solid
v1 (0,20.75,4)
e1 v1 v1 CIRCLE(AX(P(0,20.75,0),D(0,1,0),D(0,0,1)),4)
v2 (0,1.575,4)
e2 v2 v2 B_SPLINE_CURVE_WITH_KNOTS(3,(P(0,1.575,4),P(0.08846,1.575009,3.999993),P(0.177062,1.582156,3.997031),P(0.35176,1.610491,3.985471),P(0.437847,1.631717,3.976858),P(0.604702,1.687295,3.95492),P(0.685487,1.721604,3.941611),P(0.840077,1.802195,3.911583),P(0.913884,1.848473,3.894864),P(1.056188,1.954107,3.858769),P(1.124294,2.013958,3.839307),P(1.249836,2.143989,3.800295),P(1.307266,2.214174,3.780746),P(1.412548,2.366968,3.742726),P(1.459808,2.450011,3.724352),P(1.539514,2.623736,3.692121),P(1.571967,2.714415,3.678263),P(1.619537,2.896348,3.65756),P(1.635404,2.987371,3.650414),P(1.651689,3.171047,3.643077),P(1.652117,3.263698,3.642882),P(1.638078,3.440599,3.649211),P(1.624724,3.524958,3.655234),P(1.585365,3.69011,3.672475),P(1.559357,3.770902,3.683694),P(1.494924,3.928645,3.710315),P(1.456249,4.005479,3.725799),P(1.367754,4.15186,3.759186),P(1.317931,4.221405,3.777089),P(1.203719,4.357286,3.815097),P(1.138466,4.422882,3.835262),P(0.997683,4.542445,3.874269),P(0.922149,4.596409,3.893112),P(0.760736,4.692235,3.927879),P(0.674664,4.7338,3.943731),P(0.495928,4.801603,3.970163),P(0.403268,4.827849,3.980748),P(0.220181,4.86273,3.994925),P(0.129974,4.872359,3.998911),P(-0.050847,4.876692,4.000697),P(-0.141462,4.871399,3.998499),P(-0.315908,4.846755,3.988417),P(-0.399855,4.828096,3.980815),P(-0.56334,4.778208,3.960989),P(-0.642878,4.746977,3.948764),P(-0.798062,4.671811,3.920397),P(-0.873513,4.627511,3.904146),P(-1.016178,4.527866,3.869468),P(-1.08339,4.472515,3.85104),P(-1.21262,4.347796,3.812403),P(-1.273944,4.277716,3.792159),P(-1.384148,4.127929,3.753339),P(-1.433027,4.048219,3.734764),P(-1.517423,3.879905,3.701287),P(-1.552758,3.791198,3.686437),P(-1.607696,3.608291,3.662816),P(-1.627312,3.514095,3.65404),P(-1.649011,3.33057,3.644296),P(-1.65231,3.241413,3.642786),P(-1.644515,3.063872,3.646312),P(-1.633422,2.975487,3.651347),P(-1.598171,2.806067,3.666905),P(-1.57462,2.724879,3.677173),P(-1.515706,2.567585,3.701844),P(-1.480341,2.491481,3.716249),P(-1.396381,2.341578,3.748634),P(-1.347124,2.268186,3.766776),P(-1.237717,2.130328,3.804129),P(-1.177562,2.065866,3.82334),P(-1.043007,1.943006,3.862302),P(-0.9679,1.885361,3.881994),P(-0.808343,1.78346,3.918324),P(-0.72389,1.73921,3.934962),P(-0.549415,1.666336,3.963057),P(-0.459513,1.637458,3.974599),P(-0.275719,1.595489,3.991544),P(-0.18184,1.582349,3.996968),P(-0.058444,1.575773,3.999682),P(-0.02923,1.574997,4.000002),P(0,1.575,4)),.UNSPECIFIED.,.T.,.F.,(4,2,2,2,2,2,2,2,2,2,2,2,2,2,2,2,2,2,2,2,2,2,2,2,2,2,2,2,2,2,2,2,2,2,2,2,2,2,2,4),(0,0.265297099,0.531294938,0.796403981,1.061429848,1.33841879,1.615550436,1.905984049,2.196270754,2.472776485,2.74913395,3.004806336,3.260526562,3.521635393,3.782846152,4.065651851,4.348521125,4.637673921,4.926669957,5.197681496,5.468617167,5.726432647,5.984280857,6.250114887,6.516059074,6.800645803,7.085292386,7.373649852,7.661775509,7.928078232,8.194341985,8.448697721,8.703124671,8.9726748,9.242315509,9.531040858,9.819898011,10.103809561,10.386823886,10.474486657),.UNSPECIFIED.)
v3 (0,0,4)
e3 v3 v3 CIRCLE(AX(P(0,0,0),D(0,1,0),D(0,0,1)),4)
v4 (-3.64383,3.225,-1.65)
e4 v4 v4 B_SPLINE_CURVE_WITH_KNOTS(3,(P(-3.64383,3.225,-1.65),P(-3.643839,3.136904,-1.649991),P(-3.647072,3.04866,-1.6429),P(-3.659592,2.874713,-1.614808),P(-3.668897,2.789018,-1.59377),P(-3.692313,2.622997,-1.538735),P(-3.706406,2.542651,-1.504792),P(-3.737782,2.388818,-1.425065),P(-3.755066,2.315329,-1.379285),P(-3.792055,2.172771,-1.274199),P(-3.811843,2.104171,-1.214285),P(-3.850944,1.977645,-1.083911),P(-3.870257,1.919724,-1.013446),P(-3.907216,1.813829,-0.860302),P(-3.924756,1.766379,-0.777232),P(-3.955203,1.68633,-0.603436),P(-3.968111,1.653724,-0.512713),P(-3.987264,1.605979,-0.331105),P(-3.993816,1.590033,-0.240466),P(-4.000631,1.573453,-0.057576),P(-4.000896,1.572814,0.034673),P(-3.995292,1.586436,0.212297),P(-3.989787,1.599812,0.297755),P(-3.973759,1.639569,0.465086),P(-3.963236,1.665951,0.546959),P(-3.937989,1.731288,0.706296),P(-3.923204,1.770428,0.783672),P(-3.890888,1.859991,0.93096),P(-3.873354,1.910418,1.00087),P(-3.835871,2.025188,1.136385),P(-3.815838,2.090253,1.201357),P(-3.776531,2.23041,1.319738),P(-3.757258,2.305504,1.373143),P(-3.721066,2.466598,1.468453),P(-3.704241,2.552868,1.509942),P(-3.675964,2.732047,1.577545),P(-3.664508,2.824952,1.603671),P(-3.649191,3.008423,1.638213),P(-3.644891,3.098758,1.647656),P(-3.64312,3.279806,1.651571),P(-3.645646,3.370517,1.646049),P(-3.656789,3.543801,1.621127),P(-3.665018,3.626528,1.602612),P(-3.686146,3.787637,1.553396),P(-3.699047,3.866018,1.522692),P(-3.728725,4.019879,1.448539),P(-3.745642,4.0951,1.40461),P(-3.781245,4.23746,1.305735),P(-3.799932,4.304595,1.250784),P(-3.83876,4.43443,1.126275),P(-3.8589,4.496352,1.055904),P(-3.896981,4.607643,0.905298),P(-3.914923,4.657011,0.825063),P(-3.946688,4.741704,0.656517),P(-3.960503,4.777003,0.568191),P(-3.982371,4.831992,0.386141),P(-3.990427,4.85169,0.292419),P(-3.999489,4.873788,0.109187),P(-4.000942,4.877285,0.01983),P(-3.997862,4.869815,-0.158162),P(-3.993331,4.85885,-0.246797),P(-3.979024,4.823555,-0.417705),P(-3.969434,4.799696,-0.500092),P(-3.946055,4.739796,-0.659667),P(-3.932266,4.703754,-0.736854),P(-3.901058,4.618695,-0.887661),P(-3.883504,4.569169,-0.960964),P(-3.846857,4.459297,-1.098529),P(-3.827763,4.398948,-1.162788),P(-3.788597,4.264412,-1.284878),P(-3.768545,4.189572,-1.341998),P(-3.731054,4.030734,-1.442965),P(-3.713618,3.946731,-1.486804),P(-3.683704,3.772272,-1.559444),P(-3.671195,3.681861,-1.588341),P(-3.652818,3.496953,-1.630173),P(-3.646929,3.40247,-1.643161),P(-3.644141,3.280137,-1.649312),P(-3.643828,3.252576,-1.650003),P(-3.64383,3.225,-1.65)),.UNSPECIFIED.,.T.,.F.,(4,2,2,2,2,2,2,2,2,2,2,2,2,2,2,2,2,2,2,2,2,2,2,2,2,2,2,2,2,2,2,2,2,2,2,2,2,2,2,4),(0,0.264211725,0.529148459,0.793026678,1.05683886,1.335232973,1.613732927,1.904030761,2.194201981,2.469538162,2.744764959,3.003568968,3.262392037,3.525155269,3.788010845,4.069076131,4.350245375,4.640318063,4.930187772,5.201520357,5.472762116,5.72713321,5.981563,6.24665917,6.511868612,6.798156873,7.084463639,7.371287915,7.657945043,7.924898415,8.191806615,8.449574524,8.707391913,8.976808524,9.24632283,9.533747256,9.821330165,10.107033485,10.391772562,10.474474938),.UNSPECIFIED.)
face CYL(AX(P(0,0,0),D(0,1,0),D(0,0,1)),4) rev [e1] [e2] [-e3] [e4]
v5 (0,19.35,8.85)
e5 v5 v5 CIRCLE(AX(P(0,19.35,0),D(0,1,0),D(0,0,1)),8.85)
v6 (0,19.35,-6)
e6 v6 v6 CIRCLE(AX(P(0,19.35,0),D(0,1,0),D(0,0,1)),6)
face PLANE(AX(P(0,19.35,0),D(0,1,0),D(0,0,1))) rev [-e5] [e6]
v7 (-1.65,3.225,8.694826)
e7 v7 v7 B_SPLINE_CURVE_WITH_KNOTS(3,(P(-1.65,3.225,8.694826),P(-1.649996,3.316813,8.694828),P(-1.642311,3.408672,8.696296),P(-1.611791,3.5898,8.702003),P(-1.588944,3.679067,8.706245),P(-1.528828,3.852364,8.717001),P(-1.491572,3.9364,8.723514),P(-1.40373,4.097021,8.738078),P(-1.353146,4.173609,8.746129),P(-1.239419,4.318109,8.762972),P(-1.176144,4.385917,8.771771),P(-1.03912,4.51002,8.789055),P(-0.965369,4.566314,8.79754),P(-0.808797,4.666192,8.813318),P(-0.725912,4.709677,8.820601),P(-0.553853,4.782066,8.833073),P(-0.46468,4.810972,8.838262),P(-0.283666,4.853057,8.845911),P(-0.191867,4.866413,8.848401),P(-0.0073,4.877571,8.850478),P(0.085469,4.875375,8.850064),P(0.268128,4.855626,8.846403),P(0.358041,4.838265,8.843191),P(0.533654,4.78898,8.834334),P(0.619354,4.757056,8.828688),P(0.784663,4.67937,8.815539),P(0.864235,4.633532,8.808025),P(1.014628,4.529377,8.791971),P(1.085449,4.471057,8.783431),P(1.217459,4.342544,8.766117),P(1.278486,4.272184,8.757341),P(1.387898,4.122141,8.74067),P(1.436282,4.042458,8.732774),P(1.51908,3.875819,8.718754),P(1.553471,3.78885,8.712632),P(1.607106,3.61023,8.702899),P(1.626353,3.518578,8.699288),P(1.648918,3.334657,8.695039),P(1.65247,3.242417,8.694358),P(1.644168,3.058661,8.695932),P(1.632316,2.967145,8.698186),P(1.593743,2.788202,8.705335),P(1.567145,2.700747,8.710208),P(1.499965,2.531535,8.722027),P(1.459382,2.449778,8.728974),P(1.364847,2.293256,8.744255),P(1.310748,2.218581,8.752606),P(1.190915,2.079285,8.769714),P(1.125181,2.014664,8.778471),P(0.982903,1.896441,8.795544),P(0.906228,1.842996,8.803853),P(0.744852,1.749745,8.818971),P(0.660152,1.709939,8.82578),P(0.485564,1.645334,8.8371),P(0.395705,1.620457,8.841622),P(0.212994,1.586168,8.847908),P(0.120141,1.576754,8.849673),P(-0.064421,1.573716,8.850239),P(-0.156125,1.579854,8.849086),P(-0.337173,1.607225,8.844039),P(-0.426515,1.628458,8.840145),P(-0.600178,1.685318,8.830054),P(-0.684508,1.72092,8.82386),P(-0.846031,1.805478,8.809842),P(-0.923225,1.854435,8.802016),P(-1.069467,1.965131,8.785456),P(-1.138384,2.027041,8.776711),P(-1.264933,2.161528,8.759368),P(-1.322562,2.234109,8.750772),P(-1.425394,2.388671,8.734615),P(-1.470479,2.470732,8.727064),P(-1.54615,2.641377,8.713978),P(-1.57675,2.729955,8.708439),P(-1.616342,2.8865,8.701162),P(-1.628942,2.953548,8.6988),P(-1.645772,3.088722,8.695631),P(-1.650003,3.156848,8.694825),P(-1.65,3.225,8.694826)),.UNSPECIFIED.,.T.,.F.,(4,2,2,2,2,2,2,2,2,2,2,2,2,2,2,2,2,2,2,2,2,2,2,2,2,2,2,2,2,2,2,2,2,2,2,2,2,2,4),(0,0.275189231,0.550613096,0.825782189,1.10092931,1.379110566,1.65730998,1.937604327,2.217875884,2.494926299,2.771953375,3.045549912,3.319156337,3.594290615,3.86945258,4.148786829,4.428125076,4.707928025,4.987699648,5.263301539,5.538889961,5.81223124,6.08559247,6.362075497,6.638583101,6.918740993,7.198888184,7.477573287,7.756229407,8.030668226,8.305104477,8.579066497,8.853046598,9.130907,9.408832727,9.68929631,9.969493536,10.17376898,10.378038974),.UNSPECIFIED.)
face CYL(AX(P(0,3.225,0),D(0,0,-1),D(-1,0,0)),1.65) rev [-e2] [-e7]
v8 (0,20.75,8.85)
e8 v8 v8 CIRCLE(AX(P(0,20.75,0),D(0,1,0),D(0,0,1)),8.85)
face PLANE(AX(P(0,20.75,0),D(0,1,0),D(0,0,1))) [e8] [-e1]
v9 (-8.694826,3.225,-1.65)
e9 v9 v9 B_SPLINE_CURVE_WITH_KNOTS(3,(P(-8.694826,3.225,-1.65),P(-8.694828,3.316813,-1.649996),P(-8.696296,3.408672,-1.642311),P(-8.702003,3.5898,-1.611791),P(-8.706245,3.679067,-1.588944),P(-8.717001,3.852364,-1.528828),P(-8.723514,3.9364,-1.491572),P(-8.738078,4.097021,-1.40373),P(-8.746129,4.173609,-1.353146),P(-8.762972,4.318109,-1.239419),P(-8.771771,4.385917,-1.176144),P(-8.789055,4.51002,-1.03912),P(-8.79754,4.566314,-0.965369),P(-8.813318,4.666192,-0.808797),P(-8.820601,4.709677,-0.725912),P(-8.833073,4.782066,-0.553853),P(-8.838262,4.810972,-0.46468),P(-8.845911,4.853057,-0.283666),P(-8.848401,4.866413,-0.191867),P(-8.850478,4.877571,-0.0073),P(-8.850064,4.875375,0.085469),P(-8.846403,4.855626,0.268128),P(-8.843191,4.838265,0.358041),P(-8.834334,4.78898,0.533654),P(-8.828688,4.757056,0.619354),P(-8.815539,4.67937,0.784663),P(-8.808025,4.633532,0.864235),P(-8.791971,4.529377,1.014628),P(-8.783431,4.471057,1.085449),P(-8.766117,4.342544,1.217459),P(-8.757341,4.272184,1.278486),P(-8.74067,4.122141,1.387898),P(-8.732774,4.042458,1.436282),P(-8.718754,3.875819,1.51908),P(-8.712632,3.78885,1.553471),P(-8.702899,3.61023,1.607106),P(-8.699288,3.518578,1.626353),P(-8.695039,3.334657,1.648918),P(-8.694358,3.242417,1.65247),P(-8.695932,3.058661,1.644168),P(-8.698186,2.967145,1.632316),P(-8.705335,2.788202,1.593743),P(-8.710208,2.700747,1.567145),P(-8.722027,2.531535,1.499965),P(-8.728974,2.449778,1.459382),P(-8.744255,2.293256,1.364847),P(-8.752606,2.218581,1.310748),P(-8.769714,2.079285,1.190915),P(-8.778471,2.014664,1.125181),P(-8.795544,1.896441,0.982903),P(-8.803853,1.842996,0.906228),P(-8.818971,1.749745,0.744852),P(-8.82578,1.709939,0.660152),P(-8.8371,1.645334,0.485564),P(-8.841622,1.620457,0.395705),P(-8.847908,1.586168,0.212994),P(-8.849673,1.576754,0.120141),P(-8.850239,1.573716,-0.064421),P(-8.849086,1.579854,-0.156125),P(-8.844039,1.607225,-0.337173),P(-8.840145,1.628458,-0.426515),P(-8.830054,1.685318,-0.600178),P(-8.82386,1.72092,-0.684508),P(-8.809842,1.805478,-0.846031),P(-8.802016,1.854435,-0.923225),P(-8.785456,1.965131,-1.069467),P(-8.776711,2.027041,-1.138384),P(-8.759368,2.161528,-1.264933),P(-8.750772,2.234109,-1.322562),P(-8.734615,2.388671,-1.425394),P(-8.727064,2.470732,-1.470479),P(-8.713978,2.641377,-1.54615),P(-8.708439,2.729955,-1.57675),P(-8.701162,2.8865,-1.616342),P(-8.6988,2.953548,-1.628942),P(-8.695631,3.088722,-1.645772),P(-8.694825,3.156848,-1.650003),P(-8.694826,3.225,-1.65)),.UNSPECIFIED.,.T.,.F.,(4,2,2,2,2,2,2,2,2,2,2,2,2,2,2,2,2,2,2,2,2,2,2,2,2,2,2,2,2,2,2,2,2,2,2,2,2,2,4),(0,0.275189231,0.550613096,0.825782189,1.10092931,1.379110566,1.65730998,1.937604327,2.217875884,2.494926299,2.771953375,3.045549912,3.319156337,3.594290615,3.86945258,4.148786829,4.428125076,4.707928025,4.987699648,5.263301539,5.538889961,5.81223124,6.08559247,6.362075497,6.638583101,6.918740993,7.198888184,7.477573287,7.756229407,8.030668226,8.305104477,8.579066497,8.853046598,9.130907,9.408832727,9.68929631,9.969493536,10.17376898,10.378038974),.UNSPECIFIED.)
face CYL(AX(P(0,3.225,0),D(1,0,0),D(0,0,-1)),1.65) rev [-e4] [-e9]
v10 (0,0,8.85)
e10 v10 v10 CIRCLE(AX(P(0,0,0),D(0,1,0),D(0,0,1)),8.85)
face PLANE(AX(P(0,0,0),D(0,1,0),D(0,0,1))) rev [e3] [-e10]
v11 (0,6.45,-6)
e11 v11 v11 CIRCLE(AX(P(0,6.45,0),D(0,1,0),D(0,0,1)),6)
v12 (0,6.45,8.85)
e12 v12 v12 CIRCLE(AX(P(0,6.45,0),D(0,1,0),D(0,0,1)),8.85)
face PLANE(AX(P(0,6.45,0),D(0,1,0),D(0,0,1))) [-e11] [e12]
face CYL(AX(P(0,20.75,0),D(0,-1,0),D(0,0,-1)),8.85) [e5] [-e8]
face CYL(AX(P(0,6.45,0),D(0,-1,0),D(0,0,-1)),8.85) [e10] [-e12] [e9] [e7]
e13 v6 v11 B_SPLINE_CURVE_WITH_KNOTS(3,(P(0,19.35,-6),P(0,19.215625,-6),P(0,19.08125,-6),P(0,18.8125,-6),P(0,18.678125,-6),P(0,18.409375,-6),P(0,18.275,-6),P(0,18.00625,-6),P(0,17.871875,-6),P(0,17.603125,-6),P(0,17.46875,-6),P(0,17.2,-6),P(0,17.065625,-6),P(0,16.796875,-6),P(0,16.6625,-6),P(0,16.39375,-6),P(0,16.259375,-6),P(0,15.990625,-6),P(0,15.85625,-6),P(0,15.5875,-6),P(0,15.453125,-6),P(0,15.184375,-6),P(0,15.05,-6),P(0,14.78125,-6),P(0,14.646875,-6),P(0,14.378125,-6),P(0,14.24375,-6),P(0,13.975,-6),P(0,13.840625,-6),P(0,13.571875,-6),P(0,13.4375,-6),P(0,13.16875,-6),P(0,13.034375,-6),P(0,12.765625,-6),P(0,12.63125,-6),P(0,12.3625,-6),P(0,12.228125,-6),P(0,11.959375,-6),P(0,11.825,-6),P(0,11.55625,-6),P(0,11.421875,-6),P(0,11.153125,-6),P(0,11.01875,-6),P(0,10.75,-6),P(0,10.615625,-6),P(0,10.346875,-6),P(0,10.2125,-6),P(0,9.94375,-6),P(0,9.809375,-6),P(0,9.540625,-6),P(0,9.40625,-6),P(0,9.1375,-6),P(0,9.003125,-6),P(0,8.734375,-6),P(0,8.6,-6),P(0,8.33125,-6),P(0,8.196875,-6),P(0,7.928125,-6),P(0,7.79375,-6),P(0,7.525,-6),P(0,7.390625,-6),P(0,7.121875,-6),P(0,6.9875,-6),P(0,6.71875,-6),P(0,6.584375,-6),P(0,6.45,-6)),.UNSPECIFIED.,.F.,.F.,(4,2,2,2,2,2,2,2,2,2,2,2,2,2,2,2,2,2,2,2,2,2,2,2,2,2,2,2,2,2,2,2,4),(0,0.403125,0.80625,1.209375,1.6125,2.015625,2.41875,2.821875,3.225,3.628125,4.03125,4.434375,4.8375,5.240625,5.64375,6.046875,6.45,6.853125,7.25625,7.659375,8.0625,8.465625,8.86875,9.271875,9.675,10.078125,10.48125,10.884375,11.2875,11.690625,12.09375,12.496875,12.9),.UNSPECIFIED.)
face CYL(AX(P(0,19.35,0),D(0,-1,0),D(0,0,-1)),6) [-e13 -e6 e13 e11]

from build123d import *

# Parameters (mm, degrees)
CROQUIS1_R              = 8.85
SALIENTE_EXTRUIR1_DEPTH = 6.45
CROQUIS2_R              = 6
SALIENTE_EXTRUIR2_DEPTH = 12.9
CROQUIS3_R              = 8.85
SALIENTE_EXTRUIR3_DEPTH = 1.4
CROQUIS4_R              = 4
CORTAR_EXTRUIR1_DEPTH   = 25.232364722
CROQUIS6_W              = 1.65
CROQUIS6_H              = 8.851
MATRIZC1_COUNT          = 2
MATRIZC1_ANGLE          = 90


with BuildPart() as part:
    # Croquis1 → Saliente-Extruir1 (new body)
    with BuildSketch(Plane(origin=(0, 0, 0), x_dir=(1, 0, 0), z_dir=(0, 1, 0))):
        with Locations(Location((0, 0, 0), (0, 0, 90))):
            Circle(CROQUIS1_R)
    extrude(amount=SALIENTE_EXTRUIR1_DEPTH)

    # Croquis2 → Saliente-Extruir2 (add)
    with BuildSketch(Plane(origin=(0, 6.45, 0), x_dir=(1, 0, 0), z_dir=(0, 1, 0))):
        with Locations(Location((0, 0, 0), (0, 0, 90))):
            Circle(CROQUIS2_R)
    extrude(amount=SALIENTE_EXTRUIR2_DEPTH)

    # Croquis3 → Saliente-Extruir3 (add)
    with BuildSketch(Plane(origin=(0, 19.35, 0), x_dir=(1, 0, 0), z_dir=(0, 1, 0))):
        with Locations(Location((0, 0, 0), (0, 0, 90))):
            Circle(CROQUIS3_R)
    extrude(amount=SALIENTE_EXTRUIR3_DEPTH)

    # Croquis4 → Cortar-Extruir1 (cut, through all)
    with BuildSketch(Plane(origin=(0, 20.75, 0), x_dir=(1, 0, 0), z_dir=(0, 1, 0))):
        with Locations(Location((0, 0, 0), (0, 0, 270))):
            Circle(CROQUIS4_R)
    extrude(amount=-CORTAR_EXTRUIR1_DEPTH, mode=Mode.SUBTRACT)

    # Croquis6 → Taladro roscado M41 (falta definir posicio) (revolve, cut)
    with BuildSketch(Plane(origin=(0, 3.225, 0), x_dir=(0, 1, 0), z_dir=(1, 0, 0))):
        with Locations((0.825, 4.4255)):
            Rectangle(CROQUIS6_W, CROQUIS6_H)
    taladro_roscado_m41_falta_definir_posic = revolve(axis=Axis((0, 3.225, -6.35), (0, 0, 1)), mode=Mode.SUBTRACT)

    # MatrizC1: Taladro roscado M41 (falta definir posicio) ×2 about axis
    matrizc1_axis = Axis((0, 6.45, 0), (0, -1, 0))
    for i in range(1, MATRIZC1_COUNT):
        add(taladro_roscado_m41_falta_definir_posic.rotate(matrizc1_axis, i * MATRIZC1_ANGLE / (MATRIZC1_COUNT - 1)), mode=Mode.SUBTRACT)


solid = part.part
